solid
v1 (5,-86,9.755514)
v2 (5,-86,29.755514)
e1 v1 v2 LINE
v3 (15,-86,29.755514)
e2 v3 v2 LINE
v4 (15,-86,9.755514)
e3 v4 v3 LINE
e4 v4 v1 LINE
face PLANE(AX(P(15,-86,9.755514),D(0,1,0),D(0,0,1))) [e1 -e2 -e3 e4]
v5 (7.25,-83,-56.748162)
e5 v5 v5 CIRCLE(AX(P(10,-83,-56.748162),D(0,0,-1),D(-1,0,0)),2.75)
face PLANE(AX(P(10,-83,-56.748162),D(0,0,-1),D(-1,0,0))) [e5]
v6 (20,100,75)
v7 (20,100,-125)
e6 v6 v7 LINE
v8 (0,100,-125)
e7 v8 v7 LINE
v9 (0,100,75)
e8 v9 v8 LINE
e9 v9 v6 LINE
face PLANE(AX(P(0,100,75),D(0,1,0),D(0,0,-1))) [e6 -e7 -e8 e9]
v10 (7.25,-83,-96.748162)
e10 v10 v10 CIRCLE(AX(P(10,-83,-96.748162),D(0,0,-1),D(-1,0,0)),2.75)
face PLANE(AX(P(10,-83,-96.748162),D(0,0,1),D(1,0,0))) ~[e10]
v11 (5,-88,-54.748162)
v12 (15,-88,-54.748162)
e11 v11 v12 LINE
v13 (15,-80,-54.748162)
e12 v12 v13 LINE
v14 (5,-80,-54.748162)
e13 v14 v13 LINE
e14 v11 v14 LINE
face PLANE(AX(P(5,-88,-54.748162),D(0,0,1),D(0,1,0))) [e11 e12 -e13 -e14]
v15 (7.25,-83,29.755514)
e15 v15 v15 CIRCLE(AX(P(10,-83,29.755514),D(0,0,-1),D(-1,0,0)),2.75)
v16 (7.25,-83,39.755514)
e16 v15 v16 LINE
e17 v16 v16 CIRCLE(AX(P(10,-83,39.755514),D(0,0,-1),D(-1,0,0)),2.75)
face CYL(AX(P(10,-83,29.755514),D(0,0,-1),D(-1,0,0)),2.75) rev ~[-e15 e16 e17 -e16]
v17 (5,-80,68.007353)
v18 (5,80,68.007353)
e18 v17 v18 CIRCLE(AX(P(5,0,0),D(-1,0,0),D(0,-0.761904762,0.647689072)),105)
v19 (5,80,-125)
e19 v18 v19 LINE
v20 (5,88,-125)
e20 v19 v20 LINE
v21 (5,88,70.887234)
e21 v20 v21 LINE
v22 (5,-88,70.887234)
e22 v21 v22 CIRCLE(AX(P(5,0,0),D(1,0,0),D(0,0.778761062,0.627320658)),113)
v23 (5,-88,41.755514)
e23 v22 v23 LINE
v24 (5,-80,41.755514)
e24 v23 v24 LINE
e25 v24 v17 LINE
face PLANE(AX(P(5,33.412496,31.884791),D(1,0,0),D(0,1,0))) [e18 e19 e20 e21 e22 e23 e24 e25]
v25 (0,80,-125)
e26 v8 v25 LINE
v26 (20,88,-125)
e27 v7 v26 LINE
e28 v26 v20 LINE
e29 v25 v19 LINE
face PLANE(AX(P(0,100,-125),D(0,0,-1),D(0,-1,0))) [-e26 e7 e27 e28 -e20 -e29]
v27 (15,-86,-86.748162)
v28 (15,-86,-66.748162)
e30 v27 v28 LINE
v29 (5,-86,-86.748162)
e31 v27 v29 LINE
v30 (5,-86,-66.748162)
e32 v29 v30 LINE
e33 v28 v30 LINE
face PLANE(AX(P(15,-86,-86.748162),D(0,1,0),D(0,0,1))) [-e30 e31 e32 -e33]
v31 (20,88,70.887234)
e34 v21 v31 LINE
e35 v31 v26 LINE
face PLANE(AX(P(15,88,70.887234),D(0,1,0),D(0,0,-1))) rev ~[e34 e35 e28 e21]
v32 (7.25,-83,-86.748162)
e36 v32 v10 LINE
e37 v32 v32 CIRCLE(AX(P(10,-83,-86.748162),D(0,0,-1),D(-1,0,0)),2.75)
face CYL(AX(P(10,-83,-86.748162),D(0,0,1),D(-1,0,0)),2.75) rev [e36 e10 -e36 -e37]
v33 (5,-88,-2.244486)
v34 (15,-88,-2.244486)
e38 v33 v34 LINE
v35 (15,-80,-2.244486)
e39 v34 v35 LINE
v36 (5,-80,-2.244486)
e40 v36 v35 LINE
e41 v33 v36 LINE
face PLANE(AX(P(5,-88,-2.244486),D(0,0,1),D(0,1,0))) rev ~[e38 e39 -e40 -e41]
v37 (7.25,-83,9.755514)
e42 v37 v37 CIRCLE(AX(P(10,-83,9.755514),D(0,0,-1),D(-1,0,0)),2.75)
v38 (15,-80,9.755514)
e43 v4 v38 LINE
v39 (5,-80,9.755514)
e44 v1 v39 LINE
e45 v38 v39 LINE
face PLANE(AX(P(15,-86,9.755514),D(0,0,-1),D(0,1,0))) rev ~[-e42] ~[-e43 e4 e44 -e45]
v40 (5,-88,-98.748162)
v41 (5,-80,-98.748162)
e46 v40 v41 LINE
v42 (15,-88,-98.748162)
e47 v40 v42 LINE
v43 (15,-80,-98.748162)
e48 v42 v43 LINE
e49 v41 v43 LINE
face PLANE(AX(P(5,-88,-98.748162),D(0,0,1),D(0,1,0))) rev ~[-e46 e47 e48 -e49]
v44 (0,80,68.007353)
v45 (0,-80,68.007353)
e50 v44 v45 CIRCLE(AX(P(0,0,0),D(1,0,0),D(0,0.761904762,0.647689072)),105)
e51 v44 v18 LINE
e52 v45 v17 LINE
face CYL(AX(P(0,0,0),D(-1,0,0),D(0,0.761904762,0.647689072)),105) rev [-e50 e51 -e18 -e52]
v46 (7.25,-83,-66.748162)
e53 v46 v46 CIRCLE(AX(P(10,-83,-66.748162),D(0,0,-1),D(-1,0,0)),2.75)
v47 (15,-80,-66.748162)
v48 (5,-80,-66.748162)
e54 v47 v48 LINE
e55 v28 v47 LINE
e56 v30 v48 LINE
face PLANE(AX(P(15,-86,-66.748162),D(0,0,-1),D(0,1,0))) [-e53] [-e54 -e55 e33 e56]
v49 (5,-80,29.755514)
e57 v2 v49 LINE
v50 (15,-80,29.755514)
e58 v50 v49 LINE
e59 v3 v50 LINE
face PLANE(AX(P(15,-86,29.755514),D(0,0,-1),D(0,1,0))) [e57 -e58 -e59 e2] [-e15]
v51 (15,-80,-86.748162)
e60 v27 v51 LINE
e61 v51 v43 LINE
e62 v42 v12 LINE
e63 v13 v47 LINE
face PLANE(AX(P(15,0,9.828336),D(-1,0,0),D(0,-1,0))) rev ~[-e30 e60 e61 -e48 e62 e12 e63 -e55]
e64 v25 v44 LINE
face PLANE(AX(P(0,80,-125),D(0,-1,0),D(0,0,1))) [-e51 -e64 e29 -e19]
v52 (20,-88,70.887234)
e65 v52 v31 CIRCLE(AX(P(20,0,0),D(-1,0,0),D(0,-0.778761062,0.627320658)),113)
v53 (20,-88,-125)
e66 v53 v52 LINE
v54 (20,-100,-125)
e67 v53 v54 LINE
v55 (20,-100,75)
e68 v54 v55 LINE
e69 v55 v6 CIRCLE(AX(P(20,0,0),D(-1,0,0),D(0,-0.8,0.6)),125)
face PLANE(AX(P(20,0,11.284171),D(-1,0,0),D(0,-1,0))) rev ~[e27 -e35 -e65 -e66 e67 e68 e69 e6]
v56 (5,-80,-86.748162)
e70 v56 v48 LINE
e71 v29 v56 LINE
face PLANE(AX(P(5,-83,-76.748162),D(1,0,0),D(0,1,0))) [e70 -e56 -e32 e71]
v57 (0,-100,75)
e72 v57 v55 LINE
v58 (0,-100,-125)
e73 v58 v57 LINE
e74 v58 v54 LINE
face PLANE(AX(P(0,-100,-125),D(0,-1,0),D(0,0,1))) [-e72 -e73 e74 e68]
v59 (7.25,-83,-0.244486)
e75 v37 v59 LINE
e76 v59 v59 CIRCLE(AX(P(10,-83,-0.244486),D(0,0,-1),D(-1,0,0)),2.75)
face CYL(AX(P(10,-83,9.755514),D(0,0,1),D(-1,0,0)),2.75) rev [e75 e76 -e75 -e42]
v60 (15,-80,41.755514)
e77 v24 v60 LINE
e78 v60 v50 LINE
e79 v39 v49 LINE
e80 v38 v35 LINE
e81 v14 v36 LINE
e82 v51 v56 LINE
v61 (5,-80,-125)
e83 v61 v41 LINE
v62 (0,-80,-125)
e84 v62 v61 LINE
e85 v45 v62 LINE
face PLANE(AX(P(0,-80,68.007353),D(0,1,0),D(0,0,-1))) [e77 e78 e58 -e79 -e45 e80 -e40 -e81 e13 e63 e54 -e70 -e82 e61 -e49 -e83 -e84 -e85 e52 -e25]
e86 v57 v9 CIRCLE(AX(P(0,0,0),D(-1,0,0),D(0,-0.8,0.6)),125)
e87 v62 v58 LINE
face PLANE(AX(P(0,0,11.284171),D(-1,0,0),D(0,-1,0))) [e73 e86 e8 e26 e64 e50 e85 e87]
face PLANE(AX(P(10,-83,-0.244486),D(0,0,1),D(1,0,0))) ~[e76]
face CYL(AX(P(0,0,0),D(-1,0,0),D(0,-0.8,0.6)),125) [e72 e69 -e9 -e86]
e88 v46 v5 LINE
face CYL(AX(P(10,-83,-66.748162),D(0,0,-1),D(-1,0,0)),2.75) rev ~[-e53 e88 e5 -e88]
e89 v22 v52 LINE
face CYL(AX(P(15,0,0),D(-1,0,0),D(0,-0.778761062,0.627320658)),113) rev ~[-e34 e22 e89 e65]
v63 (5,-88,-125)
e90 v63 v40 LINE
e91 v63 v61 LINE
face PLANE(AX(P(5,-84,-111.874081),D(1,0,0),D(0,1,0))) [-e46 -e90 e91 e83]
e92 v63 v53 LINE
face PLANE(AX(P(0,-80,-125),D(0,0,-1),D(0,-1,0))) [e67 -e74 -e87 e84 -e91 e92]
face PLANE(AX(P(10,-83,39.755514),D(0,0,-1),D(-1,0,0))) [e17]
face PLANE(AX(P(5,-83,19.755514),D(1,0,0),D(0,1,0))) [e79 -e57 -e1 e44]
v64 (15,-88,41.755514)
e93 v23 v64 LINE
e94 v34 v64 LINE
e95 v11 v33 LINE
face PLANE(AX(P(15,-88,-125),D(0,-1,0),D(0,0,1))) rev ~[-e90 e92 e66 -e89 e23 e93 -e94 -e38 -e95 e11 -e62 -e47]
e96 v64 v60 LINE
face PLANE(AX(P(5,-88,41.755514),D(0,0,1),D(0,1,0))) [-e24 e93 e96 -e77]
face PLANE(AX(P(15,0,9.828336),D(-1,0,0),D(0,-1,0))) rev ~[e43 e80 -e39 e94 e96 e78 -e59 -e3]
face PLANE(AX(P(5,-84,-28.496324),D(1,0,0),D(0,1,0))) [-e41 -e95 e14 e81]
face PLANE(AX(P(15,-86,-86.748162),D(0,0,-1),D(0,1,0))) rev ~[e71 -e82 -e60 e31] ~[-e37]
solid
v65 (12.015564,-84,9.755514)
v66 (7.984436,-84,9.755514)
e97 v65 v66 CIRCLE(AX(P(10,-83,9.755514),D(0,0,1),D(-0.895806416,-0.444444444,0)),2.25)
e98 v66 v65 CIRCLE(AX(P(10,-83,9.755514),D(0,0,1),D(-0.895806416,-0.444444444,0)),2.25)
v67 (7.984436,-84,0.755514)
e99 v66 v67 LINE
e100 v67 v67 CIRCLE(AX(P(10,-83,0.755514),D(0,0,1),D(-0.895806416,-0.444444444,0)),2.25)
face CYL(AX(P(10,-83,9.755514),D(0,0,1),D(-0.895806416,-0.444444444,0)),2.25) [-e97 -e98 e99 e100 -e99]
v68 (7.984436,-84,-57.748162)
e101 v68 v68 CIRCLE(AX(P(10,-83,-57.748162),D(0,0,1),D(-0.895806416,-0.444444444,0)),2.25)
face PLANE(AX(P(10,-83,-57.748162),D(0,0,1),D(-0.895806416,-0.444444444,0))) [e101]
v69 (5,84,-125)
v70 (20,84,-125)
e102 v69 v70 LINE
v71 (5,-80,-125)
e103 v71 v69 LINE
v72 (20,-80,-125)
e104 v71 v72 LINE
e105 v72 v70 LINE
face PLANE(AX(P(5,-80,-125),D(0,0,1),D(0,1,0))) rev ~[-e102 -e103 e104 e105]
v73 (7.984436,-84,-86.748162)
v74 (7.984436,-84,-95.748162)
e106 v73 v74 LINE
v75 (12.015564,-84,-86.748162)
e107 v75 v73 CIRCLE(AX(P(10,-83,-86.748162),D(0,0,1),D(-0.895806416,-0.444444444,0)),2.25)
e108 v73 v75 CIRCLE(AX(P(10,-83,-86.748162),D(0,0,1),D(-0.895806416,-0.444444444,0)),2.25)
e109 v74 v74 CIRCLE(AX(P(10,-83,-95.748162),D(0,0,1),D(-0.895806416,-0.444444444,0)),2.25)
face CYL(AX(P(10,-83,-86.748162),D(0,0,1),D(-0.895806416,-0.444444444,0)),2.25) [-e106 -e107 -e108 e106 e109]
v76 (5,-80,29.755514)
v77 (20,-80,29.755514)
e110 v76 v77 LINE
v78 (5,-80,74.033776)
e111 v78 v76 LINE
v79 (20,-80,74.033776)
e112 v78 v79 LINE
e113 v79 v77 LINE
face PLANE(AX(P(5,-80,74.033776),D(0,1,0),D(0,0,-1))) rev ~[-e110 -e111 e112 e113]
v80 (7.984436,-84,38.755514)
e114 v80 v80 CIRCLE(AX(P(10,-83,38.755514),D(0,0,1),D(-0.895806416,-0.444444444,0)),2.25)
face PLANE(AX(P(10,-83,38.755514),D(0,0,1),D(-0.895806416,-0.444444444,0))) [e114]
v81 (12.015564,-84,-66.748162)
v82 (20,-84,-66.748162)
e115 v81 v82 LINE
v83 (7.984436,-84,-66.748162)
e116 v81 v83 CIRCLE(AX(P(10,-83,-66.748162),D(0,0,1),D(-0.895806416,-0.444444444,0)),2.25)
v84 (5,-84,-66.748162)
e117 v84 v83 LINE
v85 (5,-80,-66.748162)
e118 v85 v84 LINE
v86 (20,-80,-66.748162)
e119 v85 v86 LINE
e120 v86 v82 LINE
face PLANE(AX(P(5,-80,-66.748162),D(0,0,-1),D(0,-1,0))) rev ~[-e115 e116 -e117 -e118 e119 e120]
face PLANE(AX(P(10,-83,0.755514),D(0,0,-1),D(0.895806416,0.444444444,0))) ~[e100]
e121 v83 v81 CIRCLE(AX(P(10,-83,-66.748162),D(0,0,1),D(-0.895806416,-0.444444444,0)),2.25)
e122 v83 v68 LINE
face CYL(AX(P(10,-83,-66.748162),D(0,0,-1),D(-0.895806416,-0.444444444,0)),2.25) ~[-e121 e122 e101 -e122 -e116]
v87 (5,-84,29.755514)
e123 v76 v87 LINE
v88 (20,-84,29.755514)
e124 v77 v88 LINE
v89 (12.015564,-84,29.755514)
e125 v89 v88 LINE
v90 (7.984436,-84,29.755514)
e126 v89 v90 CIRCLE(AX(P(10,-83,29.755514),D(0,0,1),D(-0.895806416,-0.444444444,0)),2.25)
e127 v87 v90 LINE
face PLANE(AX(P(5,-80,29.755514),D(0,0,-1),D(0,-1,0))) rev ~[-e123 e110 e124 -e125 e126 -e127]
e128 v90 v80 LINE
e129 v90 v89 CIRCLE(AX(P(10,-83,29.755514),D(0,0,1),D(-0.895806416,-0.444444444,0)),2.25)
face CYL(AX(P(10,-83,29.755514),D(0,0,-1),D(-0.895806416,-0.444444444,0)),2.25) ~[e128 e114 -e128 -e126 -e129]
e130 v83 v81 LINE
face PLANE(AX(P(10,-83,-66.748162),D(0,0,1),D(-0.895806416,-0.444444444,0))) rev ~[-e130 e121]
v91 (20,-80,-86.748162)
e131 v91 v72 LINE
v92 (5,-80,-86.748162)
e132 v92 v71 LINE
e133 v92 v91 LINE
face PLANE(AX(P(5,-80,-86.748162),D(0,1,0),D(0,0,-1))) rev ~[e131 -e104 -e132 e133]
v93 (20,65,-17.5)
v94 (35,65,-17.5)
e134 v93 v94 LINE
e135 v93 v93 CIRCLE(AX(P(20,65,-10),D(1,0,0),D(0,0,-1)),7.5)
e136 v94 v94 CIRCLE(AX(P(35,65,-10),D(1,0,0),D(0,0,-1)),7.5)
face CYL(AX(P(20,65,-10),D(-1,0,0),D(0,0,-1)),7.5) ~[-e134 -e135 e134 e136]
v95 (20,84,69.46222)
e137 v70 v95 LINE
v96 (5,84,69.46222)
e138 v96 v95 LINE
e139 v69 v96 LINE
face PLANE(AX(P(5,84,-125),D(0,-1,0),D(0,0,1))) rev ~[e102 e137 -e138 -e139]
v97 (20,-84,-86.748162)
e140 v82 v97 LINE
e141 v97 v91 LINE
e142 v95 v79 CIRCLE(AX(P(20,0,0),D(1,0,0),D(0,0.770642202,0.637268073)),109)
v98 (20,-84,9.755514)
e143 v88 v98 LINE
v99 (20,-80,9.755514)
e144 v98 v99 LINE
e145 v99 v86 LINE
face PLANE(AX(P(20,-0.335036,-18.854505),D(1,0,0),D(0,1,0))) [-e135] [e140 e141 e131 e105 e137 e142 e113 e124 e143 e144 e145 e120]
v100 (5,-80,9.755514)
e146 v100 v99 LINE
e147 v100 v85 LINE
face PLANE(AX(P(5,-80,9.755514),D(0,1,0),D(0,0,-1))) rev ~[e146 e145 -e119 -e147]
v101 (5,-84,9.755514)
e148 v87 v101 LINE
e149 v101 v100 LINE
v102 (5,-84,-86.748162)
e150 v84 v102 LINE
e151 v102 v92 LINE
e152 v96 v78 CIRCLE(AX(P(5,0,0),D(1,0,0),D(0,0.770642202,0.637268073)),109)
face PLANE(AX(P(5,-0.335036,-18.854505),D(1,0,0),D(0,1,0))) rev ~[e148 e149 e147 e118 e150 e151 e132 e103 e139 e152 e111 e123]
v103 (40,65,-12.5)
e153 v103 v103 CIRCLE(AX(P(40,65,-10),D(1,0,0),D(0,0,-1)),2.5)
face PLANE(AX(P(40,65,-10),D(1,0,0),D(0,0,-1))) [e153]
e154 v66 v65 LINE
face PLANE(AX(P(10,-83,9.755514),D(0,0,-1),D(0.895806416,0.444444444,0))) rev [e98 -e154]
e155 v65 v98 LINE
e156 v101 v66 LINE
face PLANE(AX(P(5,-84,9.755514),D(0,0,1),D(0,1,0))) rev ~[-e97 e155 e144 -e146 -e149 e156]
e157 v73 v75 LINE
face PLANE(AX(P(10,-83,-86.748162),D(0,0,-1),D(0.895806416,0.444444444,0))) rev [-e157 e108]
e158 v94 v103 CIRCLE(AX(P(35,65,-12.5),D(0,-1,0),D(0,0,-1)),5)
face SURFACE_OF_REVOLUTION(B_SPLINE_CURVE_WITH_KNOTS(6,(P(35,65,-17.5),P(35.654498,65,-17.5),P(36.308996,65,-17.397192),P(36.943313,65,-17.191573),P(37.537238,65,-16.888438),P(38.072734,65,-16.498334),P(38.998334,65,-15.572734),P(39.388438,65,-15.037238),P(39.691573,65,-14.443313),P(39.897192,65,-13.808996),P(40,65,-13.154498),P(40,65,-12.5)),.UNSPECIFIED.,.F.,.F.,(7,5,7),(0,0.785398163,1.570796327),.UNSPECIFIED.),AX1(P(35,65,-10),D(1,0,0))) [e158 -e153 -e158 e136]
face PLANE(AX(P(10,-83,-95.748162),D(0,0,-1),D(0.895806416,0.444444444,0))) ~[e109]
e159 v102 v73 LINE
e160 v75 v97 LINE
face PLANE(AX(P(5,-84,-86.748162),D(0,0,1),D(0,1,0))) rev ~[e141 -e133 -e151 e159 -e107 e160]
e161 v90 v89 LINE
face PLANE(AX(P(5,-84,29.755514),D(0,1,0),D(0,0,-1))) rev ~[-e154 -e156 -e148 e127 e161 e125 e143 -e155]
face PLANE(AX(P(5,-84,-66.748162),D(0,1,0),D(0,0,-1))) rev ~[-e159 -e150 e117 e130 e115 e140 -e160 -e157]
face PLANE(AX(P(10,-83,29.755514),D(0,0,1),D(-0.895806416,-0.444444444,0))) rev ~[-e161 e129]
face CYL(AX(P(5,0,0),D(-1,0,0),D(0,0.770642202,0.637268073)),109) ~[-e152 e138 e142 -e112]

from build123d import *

# Parameters (mm, degrees)
SALIENTE_EXTRUIR1_DEPTH      = 20
CORTAR_EXTRUIR1_START        = -5
CORTAR_EXTRUIR1_DEPTH        = 5
CROQUIS3_W                   = 6
CROQUIS3_H                   = 20
CORTAR_EXTRUIR2_DEPTH        = 10
CROQUIS4_R                   = 2.75
CORTAR_EXTRUIR3_DEPTH        = 10
SIMETR_A2_COPY_1_SKETCH_R    = 2.75
SIMETR_A2_COPY_1_DEPTH       = 10
SALIENTE_EXTRUIR2_DEPTH      = 5
SALIENTE_EXTRUIR2_DEPTH_BACK = 10
CROQUIS6_R                   = 2.25
SALIENTE_EXTRUIR3_DEPTH      = 9
SIMETR_A4_COPY_1_SKETCH_R    = 2.25
SIMETR_A4_COPY_1_DEPTH       = 9
CORTAR_EXTRUIR4_START        = -10
CROQUIS7_W                   = 8
CROQUIS7_H                   = 26.251838136
CROQUIS7_H_2                 = 52.503676272
CORTAR_EXTRUIR4_DEPTH        = 10
CROQUIS8_R                   = 7.5
SALIENTE_EXTRUIR5_DEPTH      = 20
REDONDEO1_R                  = 5


with BuildPart() as part:
    # Croquis1 → Saliente-Extruir1 (new body)
    with BuildSketch(Plane.YZ):
        with BuildLine():
            Line((-100, -125), (-100, 75))
            ThreePointArc((-100, 75), (0, 125), (100, 75))
            Line((100, 75), (100, -125))
            Line((100, -125), (80, -125))
            Line((80, -125), (80, -105))
            Line((80, -105), (80, 68.007352544))
            ThreePointArc((80, 68.007352544), (0, 105), (-80, 68.007352544))
            Line((-80, 68.007352544), (-80, -105))
            Line((-80, -105), (-80, -125))
            Line((-80, -125), (-100, -125))
        make_face()
    extrude(amount=SALIENTE_EXTRUIR1_DEPTH)

    # Croquis2 → Cortar-Extruir1 (cut)
    with BuildSketch(Plane.YZ.offset(20).offset(CORTAR_EXTRUIR1_START)):
        with BuildLine():
            Line((88, 70.887234394), (88, -125))
            Line((88, -125), (80, -125))
            Line((80, -125), (80, 68.007352544))
            ThreePointArc((80, 68.007352544), (0, 105), (-80, 68.007352544))
            Line((-80, 68.007352544), (-80, -125))
            Line((-80, -125), (-88, -125))
            Line((-88, -125), (-88, 70.887234394))
            ThreePointArc((-88, 70.887234394), (0, 113), (88, 70.887234394))
        make_face()
    extrude(amount=CORTAR_EXTRUIR1_DEPTH, mode=Mode.SUBTRACT)

    # Croquis3 → Cortar-Extruir2 (cut)
    with BuildSketch(Plane.YZ.offset(15)):
        with Locations((-83, -76.748161864)):
            Rectangle(CROQUIS3_W, CROQUIS3_H)
        with Locations((-83, 19.755514408)):
            Rectangle(CROQUIS3_W, CROQUIS3_H)
    extrude(amount=-CORTAR_EXTRUIR2_DEPTH, mode=Mode.SUBTRACT)

    # Croquis4 → Cortar-Extruir3 (cut)
    with BuildSketch(Plane(origin=(0, 0, 29.755514408), x_dir=(1, 0, 0), z_dir=(0, 0, -1))):
        with Locations(Location((10, 83, 0), (0, 0, 180))):
            Circle(CROQUIS4_R)
    cortar_extruir3 = extrude(amount=-CORTAR_EXTRUIR3_DEPTH, mode=Mode.SUBTRACT)

    # Simetría1: Cortar-Extruir3 across plane
    add(cortar_extruir3.mirror(Plane(origin=(0, 0, 19.755514408), x_dir=(1, 0, 0), z_dir=(0, 0, -1))), mode=Mode.SUBTRACT)

    # Simetría2: Cortar-Extruir3 across plane
    add(cortar_extruir3.mirror(Plane(origin=(0, 0, -28.496323728), x_dir=(1, 0, 0), z_dir=(0, 0, -1))), mode=Mode.SUBTRACT)

    # Simetría2 copy 1 sketch → Simetría2 copy 1 (cut)
    with BuildSketch(Plane(origin=(0, 0, -66.748161864), x_dir=(1, 0, 0), z_dir=(0, 0, -1))):
        with Locations(Location((10, 83, 0), (0, 0, 180))):
            Circle(SIMETR_A2_COPY_1_SKETCH_R)
    extrude(amount=-SIMETR_A2_COPY_1_DEPTH, mode=Mode.SUBTRACT)

    # Croquis7 → Cortar-Extruir4 (cut)
    with BuildSketch(Plane.YZ.offset(15).offset(CORTAR_EXTRUIR4_START)):
        with Locations((-84, -111.874080932)):
            Rectangle(CROQUIS7_W, CROQUIS7_H)
        with Locations((-84, -28.496323728)):
            Rectangle(CROQUIS7_W, CROQUIS7_H_2)
        with BuildLine():
            Line((-88, 41.755514408), (-80, 41.755514408))
            Line((-80, 41.755514408), (-80, 68.007352544))
            ThreePointArc((-80, 68.007352544), (0, 105), (80, 68.007352544))
            Line((80, 68.007352544), (80, -125))
            Line((80, -125), (88, -125))
            Line((88, -125), (88, 70.887234394))
            ThreePointArc((88, 70.887234394), (0, 113), (-88, 70.887234394))
            Line((-88, 70.887234394), (-88, 41.755514408))
        make_face()
    extrude(amount=CORTAR_EXTRUIR4_DEPTH, mode=Mode.SUBTRACT)


with BuildPart() as body_2:
    # Croquis5 → Saliente-Extruir2 (new, two sides: drawn at the far end of the back side and taken through both)
    with BuildSketch(Plane.YZ.offset(15).offset(-SALIENTE_EXTRUIR2_DEPTH_BACK)):
        with BuildLine():
            Line((-80, -125), (84, -125))
            Line((84, -125), (84, 69.462219947))
            ThreePointArc((84, 69.462219947), (3.037232516, 108.957676272), (-80, 74.033776076))
            Line((-80, 74.033776076), (-80, 29.755514408))
            Line((-80, 29.755514408), (-84, 29.755514408))
            Line((-84, 29.755514408), (-84, 9.755514408))
            Line((-84, 9.755514408), (-80, 9.755514408))
            Line((-80, 9.755514408), (-80, -66.748161864))
            Line((-80, -66.748161864), (-84, -66.748161864))
            Line((-84, -66.748161864), (-84, -86.748161864))
            Line((-84, -86.748161864), (-80, -86.748161864))
            Line((-80, -86.748161864), (-80, -125))
        make_face()
    extrude(amount=SALIENTE_EXTRUIR2_DEPTH + SALIENTE_EXTRUIR2_DEPTH_BACK)

    # Croquis6 → Saliente-Extruir3 (add)
    with BuildSketch(Plane.XY.offset(29.755514408)):
        with Locations(Location((10, -83, 0), (0, 0, 206.387799961))):
            Circle(CROQUIS6_R)
    saliente_extruir3 = extrude(amount=SALIENTE_EXTRUIR3_DEPTH)

    # Simetría3: Saliente-Extruir3 across plane
    add(saliente_extruir3.mirror(Plane(origin=(0, 0, 19.755514408), x_dir=(1, 0, 0), z_dir=(0, 0, -1))))

    # Simetría4: Saliente-Extruir3 across plane
    add(saliente_extruir3.mirror(Plane(origin=(0, 0, -28.496323728), x_dir=(1, 0, 0), z_dir=(0, 0, -1))))

    # Simetría4 copy 1 sketch → Simetría4 copy 1 (add)
    with BuildSketch(Plane.XY.offset(-66.748161864)):
        with Locations(Location((10, -83, 0), (0, 0, 206.387799961))):
            Circle(SIMETR_A4_COPY_1_SKETCH_R)
    extrude(amount=SIMETR_A4_COPY_1_DEPTH)

    # Croquis8 → Saliente-Extruir5 (add)
    with BuildSketch(Plane.YZ.offset(20)):
        with Locations(Location((65, -10, 0), (0, 0, 270))):
            Circle(CROQUIS8_R)
    extrude(amount=SALIENTE_EXTRUIR5_DEPTH)

    # Redondeo1
    redondeo1_edges = [body_2.edges().sort_by_distance(p)[0] for p in [
        (40, 65, -2.5),
    ]]
    fillet(redondeo1_edges, radius=REDONDEO1_R)


solid = Compound([part.part, body_2.part])
